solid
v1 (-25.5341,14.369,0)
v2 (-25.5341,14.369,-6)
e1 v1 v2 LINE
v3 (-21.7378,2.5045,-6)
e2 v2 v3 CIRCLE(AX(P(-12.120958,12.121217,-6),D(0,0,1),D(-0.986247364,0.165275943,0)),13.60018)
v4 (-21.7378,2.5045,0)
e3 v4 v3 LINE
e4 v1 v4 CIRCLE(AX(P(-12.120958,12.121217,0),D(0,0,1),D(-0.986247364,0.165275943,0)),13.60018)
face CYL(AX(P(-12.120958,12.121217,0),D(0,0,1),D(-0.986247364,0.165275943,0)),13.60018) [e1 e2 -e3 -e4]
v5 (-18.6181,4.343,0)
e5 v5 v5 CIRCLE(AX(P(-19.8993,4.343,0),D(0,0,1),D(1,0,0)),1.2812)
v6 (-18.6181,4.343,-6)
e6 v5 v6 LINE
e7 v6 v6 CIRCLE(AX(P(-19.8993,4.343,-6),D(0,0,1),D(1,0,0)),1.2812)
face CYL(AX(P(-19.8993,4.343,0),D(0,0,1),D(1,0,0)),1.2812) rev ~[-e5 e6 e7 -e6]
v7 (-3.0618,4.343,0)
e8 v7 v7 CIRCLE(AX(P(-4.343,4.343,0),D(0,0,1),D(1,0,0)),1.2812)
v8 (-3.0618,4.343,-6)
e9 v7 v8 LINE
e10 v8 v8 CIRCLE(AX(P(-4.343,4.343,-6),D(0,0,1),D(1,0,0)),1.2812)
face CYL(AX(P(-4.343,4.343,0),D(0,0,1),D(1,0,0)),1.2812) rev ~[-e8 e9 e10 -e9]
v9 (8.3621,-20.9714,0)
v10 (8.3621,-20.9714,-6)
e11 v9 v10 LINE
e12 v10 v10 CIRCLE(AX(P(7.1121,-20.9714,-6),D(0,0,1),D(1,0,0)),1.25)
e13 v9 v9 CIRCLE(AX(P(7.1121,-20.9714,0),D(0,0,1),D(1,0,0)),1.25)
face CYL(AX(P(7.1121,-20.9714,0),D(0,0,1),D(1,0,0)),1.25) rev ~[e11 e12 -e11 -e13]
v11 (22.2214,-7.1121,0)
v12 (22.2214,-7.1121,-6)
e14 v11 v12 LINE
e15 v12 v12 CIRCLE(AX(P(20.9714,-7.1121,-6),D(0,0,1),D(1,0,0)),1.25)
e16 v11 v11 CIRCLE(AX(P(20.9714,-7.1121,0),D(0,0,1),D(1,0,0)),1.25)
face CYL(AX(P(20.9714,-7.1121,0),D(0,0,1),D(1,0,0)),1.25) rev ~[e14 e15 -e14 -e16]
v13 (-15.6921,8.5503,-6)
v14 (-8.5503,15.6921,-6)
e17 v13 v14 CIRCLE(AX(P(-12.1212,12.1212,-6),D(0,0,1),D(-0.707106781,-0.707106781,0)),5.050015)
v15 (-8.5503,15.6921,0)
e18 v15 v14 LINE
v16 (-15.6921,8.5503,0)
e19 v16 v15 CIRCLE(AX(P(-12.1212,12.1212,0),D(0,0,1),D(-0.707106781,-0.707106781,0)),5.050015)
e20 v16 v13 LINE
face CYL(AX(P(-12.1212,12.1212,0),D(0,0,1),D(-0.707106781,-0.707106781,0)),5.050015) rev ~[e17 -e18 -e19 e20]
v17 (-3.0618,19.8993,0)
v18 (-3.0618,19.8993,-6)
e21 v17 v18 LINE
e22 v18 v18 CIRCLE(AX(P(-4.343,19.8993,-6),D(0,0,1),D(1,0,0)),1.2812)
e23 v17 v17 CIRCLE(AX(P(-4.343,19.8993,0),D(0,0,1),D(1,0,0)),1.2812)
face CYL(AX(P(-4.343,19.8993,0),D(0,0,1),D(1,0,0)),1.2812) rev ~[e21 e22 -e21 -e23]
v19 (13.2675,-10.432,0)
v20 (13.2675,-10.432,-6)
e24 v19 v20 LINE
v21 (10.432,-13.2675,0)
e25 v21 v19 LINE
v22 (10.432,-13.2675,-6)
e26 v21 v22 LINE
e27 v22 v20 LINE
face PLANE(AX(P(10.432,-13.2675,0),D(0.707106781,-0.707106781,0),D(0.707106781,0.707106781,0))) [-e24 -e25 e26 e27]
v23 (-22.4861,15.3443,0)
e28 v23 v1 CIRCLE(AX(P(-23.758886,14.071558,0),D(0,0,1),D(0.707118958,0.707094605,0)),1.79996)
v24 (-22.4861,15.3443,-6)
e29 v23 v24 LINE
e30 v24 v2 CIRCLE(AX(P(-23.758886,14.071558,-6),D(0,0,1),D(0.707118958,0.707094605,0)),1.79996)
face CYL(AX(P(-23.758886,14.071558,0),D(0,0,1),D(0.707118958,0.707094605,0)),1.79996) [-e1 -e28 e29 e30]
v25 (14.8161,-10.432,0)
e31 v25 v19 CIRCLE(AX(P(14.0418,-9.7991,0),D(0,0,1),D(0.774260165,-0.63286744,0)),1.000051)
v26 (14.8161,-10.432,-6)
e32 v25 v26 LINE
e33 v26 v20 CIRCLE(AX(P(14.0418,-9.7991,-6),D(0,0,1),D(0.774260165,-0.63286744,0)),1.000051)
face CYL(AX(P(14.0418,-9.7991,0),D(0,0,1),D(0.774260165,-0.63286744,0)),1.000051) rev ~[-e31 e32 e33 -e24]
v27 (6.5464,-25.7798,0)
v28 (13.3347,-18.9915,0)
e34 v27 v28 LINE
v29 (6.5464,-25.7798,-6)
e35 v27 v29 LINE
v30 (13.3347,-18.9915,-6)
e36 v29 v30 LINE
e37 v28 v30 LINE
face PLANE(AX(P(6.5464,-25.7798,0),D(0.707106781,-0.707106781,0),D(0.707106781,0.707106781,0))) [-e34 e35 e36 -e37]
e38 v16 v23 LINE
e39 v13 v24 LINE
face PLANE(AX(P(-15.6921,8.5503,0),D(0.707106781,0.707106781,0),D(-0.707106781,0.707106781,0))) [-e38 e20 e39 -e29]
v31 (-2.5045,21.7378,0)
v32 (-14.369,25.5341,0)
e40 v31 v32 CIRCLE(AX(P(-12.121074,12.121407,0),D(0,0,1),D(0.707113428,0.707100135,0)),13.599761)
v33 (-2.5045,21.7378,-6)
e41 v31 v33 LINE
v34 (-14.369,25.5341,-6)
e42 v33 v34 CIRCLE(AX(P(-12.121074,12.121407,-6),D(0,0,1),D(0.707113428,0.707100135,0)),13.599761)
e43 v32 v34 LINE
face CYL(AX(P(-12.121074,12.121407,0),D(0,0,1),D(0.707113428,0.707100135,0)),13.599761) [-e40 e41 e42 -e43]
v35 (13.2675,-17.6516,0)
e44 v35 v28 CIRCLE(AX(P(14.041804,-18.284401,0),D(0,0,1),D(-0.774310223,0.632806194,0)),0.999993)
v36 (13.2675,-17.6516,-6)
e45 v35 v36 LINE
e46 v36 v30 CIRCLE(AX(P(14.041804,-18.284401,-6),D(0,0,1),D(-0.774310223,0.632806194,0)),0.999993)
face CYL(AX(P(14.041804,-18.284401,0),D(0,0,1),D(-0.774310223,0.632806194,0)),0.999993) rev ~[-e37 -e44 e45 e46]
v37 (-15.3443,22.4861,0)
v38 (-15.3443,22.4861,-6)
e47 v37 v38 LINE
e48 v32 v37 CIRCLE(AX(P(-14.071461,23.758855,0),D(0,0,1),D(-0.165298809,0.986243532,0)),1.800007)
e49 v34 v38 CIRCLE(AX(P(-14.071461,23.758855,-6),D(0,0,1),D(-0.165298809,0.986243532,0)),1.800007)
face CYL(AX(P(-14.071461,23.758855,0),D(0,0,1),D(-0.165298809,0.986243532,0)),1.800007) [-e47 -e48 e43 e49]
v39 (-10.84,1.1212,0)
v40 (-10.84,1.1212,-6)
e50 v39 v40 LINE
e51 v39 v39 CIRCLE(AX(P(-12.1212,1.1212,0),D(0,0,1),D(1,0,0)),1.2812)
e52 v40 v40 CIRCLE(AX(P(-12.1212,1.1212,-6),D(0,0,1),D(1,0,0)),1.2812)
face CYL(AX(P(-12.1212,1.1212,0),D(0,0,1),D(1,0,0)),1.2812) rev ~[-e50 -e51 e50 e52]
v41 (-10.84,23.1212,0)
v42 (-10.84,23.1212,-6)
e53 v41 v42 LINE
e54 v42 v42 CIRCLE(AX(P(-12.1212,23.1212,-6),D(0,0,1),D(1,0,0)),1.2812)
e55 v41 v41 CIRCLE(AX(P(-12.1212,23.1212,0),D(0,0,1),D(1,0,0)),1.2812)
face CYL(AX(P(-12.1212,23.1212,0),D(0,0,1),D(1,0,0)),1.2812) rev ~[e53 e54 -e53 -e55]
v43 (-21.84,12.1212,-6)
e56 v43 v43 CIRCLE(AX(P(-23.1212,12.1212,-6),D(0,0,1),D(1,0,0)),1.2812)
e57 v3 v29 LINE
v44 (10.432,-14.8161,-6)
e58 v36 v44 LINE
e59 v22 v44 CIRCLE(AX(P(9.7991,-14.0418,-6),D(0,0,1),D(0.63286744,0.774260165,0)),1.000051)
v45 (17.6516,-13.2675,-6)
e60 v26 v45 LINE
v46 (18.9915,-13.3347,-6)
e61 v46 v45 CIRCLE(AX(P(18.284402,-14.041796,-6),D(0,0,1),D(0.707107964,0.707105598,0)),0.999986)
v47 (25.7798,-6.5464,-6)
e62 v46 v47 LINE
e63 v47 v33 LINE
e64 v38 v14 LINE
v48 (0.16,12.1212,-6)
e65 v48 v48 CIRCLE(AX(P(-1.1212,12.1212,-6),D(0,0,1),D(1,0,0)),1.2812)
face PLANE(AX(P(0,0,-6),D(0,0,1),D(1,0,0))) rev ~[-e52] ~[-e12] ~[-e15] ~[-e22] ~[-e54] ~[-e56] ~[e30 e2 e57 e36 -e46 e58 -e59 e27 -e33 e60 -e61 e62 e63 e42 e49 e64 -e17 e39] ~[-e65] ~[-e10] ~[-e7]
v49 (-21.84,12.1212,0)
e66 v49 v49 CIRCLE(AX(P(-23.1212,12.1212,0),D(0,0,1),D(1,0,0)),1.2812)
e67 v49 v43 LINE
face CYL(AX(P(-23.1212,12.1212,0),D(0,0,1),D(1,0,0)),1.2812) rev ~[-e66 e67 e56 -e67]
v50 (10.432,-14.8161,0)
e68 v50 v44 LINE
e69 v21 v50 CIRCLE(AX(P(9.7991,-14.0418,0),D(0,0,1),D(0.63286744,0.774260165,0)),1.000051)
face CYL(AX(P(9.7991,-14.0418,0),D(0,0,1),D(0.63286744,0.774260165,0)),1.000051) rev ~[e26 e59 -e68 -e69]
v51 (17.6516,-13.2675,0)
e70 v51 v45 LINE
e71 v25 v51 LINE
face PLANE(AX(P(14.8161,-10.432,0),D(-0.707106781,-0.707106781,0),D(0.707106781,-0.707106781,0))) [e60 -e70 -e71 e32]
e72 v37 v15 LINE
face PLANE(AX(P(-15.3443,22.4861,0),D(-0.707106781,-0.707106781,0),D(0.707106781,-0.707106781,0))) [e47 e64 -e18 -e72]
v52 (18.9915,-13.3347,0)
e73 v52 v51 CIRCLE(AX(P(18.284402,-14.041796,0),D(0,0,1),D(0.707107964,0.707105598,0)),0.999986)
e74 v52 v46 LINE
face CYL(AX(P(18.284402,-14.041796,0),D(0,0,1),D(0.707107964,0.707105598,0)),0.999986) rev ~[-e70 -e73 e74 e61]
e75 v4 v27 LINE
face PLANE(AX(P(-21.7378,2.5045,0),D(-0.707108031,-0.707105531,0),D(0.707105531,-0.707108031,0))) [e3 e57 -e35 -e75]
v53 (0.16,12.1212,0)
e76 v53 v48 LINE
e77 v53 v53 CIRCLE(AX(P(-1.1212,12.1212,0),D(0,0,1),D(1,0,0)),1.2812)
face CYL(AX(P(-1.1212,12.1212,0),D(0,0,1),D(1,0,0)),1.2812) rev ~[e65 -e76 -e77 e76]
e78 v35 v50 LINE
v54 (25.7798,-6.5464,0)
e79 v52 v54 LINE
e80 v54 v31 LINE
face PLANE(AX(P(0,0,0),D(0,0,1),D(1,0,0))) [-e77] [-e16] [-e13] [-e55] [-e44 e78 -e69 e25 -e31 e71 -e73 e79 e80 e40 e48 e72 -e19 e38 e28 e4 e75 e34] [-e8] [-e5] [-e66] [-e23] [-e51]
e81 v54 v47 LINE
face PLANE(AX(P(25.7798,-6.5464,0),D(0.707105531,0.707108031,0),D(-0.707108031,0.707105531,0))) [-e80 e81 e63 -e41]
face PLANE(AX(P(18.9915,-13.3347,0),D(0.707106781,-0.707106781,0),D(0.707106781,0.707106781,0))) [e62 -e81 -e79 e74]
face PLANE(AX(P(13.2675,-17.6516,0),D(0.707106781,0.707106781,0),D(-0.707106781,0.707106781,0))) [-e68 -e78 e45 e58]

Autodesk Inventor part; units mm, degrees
ref_plane "YZ Plane" through (0, 0, 0) normal (1, 0, 0) x (0, 1, 0)
ref_plane "XZ Plane" through (0, 0, 0) normal (0, 1, 0) x (-1, 0, 0)
ref_plane "XY Plane" through (0, 0, 0) normal (0, 0, 1) x (1, 0, 0)
sketch "스케치1" plane through (0, 0, 0) normal (0, 0, 1) x (1, 0, 0)
  line L0 (25.7798, -6.5464) -> (-2.5045, 21.7378) projected
  arc A0 (-2.5045, 21.7378) -> (-14.369, 25.5341) centre (-12.1212, 12.1212) ccw projected
  arc A1 (-14.369, 25.5341) -> (-15.3443, 22.4861) centre (-14.0715, 23.7589) ccw projected
  line L1 (-15.3443, 22.4861) -> (-8.5503, 15.6921) projected
  arc A2 (-15.6921, 8.5503) -> (-8.5503, 15.6921) centre (-12.1212, 12.1212) ccw projected
  line L2 (-15.6921, 8.5503) -> (-22.4861, 15.3443) projected
  arc A3 (-22.4861, 15.3443) -> (-25.5341, 14.369) centre (-23.7589, 14.0715) ccw projected
  arc A4 (-25.5341, 14.369) -> (-21.7378, 2.5045) centre (-12.1212, 12.1212) ccw projected
  line L3 (-21.7378, 2.5045) -> (6.5464, -25.7798) projected
  line L4 (6.5464, -25.7798) -> (13.3347, -18.9915) projected
  arc A5 (13.2675, -17.6516) -> (13.3347, -18.9915) centre (14.0418, -18.2844) ccw projected
  line L5 (13.2675, -17.6516) -> (10.432, -14.8161) projected
  arc A6 (10.432, -13.2675) -> (10.432, -14.8161) centre (9.7991, -14.0418) ccw projected
  line L6 (10.432, -13.2675) -> (13.2675, -10.432) projected
  arc A7 (14.8161, -10.432) -> (13.2675, -10.432) centre (14.0418, -9.7991) ccw projected
  line L7 (14.8161, -10.432) -> (17.6516, -13.2675) projected
  arc A8 (18.9915, -13.3347) -> (17.6516, -13.2675) centre (18.2844, -14.0418) ccw projected
  line L8 (18.9915, -13.3347) -> (25.7798, -6.5464) projected
  circle A9 centre (20.9714, -7.1121) radius 1.25 projected
  circle A10 centre (-19.8993, 4.343) radius 1.2812 projected
  circle A11 centre (-23.1212, 12.1212) radius 1.2812 projected
  circle A12 centre (-4.343, 4.343) radius 1.2812 projected
  circle A13 centre (-1.1212, 12.1212) radius 1.2812 projected
  circle A14 centre (-12.1212, 1.1212) radius 1.2812 projected
  circle A15 centre (-4.343, 19.8993) radius 1.2812 projected
  circle A16 centre (-12.1212, 23.1212) radius 1.2812 projected
  circle A17 centre (7.1121, -20.9714) radius 1.25 projected
  line L9 (10.432, -14.8161) -> (13.2675, -17.6516)
  line L10 (14.8161, -10.432) -> (17.6516, -13.2675)
  point P0 (0, 0)
extrude "돌출1" add sketch "스케치1" against normal blind 6
properties part number "ankle" material "PMMA 플라스틱"
